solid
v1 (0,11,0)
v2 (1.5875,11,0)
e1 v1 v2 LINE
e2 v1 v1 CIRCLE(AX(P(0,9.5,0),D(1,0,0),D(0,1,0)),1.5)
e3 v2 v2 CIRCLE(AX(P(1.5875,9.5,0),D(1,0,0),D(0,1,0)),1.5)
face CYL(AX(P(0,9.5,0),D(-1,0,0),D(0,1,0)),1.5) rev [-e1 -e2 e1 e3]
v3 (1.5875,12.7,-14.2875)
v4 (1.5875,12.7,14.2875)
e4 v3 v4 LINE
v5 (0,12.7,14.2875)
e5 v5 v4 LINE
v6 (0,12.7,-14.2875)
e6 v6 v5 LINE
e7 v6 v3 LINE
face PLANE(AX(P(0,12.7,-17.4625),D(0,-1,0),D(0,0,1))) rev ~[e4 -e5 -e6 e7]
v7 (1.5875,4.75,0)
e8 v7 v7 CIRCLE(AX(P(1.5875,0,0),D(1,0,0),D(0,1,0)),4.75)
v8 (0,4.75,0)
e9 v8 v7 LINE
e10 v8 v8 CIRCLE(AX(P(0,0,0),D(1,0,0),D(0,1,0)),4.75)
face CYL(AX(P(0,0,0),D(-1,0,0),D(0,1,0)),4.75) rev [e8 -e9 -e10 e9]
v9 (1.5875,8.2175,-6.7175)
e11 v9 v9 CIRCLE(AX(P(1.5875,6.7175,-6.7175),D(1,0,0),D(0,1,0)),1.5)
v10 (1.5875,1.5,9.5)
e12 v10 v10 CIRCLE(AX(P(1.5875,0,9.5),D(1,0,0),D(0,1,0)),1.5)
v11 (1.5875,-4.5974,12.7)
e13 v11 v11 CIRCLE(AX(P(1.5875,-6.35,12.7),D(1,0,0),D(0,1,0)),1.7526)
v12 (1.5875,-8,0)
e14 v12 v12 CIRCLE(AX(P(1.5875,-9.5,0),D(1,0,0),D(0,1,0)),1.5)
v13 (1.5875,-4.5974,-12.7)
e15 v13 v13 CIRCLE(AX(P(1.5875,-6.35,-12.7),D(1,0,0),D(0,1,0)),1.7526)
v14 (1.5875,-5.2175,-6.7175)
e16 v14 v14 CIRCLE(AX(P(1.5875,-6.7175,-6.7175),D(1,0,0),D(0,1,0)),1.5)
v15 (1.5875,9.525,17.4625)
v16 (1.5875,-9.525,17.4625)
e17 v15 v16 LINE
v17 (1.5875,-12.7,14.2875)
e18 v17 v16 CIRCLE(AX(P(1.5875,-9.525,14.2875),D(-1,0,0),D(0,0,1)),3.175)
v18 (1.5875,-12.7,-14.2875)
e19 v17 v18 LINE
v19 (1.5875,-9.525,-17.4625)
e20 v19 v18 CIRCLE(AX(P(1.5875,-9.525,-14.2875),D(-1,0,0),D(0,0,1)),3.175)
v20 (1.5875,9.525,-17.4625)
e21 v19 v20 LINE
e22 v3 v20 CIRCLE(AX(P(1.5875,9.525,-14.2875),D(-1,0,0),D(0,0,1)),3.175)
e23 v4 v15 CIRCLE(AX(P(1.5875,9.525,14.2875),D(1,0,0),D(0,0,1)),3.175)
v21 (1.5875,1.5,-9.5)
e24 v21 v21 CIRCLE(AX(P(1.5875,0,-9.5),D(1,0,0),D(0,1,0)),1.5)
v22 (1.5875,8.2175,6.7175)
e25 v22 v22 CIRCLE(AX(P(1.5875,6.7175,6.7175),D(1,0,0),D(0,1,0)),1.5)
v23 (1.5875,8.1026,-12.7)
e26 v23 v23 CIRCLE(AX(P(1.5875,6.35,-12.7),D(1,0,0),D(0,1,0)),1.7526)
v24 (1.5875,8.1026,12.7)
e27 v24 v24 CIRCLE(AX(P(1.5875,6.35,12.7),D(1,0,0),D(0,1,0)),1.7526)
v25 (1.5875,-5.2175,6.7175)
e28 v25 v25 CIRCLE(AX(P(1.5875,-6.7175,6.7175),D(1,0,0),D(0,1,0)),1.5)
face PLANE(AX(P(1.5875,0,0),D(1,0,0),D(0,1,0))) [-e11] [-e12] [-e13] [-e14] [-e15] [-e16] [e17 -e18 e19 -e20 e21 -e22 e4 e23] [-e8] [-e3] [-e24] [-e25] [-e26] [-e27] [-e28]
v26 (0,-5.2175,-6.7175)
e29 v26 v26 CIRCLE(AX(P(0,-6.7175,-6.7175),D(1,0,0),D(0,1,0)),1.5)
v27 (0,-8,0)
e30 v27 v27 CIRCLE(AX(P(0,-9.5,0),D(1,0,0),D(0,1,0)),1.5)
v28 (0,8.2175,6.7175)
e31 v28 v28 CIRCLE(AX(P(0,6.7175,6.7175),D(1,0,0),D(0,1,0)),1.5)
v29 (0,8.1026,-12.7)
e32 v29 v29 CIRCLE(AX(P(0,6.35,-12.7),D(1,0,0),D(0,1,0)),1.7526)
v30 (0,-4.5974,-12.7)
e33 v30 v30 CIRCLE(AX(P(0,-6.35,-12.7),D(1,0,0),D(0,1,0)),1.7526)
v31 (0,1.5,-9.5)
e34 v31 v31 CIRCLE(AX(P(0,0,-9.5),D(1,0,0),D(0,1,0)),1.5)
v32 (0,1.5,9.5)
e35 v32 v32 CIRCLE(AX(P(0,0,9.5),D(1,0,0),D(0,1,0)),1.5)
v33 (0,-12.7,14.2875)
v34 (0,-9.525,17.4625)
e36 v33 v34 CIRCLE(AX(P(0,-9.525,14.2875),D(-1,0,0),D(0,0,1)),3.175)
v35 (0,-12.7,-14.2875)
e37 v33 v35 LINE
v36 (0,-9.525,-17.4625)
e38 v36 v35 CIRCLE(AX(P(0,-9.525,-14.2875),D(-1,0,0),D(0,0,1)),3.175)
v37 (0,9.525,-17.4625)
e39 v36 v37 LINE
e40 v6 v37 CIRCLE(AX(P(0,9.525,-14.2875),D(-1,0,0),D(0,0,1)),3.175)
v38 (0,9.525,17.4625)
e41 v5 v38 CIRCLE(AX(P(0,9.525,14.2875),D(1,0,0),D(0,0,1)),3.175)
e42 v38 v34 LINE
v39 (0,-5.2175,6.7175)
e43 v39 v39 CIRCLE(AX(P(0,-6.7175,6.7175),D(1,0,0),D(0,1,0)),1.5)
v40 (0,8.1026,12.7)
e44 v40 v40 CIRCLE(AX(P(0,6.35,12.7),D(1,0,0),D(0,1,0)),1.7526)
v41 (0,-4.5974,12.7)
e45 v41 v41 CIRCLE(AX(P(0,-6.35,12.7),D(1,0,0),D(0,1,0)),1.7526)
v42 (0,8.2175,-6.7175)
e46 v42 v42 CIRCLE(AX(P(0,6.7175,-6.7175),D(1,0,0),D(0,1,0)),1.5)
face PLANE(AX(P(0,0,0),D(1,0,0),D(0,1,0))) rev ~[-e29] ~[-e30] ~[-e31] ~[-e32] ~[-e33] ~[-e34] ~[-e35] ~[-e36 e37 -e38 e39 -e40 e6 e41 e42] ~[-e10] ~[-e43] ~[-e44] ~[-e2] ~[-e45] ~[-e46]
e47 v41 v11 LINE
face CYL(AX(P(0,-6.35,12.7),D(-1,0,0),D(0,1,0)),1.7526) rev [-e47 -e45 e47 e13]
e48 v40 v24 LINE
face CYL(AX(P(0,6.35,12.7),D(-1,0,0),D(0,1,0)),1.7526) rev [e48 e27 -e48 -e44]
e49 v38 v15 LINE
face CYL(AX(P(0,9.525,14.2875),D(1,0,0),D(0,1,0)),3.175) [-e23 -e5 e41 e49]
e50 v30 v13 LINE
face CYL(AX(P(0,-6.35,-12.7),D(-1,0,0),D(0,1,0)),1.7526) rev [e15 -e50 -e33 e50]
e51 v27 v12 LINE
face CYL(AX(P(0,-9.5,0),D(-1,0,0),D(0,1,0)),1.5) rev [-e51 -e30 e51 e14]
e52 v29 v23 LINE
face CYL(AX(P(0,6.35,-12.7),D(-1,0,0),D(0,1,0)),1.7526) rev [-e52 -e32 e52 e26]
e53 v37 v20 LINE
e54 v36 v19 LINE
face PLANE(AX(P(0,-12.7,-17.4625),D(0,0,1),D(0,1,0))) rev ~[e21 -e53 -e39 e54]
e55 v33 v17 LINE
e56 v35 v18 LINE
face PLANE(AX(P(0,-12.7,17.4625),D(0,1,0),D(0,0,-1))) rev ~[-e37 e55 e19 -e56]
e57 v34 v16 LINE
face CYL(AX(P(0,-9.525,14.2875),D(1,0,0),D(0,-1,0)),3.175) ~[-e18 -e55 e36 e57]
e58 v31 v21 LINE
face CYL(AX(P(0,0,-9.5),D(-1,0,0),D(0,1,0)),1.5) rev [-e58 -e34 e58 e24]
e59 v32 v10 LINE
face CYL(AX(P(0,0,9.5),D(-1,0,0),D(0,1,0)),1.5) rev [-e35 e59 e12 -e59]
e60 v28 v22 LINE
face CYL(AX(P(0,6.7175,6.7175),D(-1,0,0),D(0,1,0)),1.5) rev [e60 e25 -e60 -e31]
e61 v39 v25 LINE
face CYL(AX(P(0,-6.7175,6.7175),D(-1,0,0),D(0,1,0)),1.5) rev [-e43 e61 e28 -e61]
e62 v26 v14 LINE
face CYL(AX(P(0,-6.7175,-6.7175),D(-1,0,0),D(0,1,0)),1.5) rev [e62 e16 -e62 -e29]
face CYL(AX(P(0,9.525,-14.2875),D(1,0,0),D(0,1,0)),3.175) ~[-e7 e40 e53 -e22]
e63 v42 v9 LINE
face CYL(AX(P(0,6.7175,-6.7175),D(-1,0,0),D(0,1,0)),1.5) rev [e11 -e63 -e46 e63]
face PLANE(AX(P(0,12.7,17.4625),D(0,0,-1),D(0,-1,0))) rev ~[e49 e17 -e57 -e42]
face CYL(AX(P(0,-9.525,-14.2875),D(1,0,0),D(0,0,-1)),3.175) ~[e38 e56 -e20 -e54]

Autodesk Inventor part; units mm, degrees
ref_plane "YZ Plane" through (0, 0, 0) normal (1, 0, 0) x (0, 1, 0)
ref_plane "XZ Plane" through (0, 0, 0) normal (0, 1, 0) x (-1, 0, 0)
ref_plane "XY Plane" through (0, 0, 0) normal (0, 0, 1) x (1, 0, 0)
sketch "Sketch1" plane through (0, 0, 0) normal (1, 0, 0) x (0, 1, 0)
  circle A0 centre (0, 0) radius 4.75
  line L0 (0, 0) -> (0, -12.7) construction
  line L1 (0, -12.7) -> (6.35, -12.7) construction
  circle A1 centre (6.35, -12.7) radius 1.7526
  circle A2 centre (-6.35, -12.7) radius 1.7526
  circle A3 centre (6.35, 12.7) radius 1.7526
  circle A4 centre (-6.35, 12.7) radius 1.7526
  line L2 (12.7, 17.4625) -> (-12.7, 17.4625)
  line L3 (-12.7, 17.4625) -> (-12.7, -17.4625)
  line L4 (-12.7, -17.4625) -> (12.7, -17.4625)
  line L5 (12.7, -17.4625) -> (12.7, 17.4625)
  line L6 (12.7, 17.4625) -> (-12.7, -17.4625) construction
  line L7 (-12.7, 17.4625) -> (12.7, -17.4625) construction
  circle A5 centre (9.5, 0) radius 1.5 construction
  line L8 (0, 0) -> (9.5, 0) construction
  circle A6 centre (0, 0) radius 9.5 construction
  circle A7 centre (6.7175, 6.7175) radius 1.5
  line L9 (6.7175, 6.7175) -> (0, 0) construction
  circle A8 centre (0, 9.5) radius 1.5
  circle A9 centre (-6.7175, 6.7175) radius 1.5
  circle A10 centre (-9.5, 0) radius 1.5
  circle A11 centre (-6.7175, -6.7175) radius 1.5
  circle A12 centre (0, -9.5) radius 1.5
  circle A13 centre (6.7175, -6.7175) radius 1.5
  circle A14 centre (9.5, 0) radius 1.5
  dimension "d0" = 9.5
  dimension "d1" = 12.7
  dimension "d2" = 6.35
  dimension "d3" = 3.5052
  dimension "d6" = 12.7
  dimension "d9" = 25.4
  dimension "d12" = 25.4
  dimension "d13" = 34.925
  dimension "d14" = 3
  dimension "d15" = 9.5
  dimension "d23" = 3
  dimension "d24" = 45
  dimension "d27" = 360
extrude "Extrusion1" add sketch "Sketch1" along normal blind 1.5875
fillet "Fillet1" radius 3.175 4 edges at (0.7937, 12.7, 17.4625) (0.7937, -12.7, 17.4625) (0.7937, 12.7, -17.4625) (0.7937, -12.7, -17.4625)
equation "\"d9\" = 2 * d1"
equation "\"d23\" = d14"
properties part number "Motor Plates" material "Aluminum 6061"
